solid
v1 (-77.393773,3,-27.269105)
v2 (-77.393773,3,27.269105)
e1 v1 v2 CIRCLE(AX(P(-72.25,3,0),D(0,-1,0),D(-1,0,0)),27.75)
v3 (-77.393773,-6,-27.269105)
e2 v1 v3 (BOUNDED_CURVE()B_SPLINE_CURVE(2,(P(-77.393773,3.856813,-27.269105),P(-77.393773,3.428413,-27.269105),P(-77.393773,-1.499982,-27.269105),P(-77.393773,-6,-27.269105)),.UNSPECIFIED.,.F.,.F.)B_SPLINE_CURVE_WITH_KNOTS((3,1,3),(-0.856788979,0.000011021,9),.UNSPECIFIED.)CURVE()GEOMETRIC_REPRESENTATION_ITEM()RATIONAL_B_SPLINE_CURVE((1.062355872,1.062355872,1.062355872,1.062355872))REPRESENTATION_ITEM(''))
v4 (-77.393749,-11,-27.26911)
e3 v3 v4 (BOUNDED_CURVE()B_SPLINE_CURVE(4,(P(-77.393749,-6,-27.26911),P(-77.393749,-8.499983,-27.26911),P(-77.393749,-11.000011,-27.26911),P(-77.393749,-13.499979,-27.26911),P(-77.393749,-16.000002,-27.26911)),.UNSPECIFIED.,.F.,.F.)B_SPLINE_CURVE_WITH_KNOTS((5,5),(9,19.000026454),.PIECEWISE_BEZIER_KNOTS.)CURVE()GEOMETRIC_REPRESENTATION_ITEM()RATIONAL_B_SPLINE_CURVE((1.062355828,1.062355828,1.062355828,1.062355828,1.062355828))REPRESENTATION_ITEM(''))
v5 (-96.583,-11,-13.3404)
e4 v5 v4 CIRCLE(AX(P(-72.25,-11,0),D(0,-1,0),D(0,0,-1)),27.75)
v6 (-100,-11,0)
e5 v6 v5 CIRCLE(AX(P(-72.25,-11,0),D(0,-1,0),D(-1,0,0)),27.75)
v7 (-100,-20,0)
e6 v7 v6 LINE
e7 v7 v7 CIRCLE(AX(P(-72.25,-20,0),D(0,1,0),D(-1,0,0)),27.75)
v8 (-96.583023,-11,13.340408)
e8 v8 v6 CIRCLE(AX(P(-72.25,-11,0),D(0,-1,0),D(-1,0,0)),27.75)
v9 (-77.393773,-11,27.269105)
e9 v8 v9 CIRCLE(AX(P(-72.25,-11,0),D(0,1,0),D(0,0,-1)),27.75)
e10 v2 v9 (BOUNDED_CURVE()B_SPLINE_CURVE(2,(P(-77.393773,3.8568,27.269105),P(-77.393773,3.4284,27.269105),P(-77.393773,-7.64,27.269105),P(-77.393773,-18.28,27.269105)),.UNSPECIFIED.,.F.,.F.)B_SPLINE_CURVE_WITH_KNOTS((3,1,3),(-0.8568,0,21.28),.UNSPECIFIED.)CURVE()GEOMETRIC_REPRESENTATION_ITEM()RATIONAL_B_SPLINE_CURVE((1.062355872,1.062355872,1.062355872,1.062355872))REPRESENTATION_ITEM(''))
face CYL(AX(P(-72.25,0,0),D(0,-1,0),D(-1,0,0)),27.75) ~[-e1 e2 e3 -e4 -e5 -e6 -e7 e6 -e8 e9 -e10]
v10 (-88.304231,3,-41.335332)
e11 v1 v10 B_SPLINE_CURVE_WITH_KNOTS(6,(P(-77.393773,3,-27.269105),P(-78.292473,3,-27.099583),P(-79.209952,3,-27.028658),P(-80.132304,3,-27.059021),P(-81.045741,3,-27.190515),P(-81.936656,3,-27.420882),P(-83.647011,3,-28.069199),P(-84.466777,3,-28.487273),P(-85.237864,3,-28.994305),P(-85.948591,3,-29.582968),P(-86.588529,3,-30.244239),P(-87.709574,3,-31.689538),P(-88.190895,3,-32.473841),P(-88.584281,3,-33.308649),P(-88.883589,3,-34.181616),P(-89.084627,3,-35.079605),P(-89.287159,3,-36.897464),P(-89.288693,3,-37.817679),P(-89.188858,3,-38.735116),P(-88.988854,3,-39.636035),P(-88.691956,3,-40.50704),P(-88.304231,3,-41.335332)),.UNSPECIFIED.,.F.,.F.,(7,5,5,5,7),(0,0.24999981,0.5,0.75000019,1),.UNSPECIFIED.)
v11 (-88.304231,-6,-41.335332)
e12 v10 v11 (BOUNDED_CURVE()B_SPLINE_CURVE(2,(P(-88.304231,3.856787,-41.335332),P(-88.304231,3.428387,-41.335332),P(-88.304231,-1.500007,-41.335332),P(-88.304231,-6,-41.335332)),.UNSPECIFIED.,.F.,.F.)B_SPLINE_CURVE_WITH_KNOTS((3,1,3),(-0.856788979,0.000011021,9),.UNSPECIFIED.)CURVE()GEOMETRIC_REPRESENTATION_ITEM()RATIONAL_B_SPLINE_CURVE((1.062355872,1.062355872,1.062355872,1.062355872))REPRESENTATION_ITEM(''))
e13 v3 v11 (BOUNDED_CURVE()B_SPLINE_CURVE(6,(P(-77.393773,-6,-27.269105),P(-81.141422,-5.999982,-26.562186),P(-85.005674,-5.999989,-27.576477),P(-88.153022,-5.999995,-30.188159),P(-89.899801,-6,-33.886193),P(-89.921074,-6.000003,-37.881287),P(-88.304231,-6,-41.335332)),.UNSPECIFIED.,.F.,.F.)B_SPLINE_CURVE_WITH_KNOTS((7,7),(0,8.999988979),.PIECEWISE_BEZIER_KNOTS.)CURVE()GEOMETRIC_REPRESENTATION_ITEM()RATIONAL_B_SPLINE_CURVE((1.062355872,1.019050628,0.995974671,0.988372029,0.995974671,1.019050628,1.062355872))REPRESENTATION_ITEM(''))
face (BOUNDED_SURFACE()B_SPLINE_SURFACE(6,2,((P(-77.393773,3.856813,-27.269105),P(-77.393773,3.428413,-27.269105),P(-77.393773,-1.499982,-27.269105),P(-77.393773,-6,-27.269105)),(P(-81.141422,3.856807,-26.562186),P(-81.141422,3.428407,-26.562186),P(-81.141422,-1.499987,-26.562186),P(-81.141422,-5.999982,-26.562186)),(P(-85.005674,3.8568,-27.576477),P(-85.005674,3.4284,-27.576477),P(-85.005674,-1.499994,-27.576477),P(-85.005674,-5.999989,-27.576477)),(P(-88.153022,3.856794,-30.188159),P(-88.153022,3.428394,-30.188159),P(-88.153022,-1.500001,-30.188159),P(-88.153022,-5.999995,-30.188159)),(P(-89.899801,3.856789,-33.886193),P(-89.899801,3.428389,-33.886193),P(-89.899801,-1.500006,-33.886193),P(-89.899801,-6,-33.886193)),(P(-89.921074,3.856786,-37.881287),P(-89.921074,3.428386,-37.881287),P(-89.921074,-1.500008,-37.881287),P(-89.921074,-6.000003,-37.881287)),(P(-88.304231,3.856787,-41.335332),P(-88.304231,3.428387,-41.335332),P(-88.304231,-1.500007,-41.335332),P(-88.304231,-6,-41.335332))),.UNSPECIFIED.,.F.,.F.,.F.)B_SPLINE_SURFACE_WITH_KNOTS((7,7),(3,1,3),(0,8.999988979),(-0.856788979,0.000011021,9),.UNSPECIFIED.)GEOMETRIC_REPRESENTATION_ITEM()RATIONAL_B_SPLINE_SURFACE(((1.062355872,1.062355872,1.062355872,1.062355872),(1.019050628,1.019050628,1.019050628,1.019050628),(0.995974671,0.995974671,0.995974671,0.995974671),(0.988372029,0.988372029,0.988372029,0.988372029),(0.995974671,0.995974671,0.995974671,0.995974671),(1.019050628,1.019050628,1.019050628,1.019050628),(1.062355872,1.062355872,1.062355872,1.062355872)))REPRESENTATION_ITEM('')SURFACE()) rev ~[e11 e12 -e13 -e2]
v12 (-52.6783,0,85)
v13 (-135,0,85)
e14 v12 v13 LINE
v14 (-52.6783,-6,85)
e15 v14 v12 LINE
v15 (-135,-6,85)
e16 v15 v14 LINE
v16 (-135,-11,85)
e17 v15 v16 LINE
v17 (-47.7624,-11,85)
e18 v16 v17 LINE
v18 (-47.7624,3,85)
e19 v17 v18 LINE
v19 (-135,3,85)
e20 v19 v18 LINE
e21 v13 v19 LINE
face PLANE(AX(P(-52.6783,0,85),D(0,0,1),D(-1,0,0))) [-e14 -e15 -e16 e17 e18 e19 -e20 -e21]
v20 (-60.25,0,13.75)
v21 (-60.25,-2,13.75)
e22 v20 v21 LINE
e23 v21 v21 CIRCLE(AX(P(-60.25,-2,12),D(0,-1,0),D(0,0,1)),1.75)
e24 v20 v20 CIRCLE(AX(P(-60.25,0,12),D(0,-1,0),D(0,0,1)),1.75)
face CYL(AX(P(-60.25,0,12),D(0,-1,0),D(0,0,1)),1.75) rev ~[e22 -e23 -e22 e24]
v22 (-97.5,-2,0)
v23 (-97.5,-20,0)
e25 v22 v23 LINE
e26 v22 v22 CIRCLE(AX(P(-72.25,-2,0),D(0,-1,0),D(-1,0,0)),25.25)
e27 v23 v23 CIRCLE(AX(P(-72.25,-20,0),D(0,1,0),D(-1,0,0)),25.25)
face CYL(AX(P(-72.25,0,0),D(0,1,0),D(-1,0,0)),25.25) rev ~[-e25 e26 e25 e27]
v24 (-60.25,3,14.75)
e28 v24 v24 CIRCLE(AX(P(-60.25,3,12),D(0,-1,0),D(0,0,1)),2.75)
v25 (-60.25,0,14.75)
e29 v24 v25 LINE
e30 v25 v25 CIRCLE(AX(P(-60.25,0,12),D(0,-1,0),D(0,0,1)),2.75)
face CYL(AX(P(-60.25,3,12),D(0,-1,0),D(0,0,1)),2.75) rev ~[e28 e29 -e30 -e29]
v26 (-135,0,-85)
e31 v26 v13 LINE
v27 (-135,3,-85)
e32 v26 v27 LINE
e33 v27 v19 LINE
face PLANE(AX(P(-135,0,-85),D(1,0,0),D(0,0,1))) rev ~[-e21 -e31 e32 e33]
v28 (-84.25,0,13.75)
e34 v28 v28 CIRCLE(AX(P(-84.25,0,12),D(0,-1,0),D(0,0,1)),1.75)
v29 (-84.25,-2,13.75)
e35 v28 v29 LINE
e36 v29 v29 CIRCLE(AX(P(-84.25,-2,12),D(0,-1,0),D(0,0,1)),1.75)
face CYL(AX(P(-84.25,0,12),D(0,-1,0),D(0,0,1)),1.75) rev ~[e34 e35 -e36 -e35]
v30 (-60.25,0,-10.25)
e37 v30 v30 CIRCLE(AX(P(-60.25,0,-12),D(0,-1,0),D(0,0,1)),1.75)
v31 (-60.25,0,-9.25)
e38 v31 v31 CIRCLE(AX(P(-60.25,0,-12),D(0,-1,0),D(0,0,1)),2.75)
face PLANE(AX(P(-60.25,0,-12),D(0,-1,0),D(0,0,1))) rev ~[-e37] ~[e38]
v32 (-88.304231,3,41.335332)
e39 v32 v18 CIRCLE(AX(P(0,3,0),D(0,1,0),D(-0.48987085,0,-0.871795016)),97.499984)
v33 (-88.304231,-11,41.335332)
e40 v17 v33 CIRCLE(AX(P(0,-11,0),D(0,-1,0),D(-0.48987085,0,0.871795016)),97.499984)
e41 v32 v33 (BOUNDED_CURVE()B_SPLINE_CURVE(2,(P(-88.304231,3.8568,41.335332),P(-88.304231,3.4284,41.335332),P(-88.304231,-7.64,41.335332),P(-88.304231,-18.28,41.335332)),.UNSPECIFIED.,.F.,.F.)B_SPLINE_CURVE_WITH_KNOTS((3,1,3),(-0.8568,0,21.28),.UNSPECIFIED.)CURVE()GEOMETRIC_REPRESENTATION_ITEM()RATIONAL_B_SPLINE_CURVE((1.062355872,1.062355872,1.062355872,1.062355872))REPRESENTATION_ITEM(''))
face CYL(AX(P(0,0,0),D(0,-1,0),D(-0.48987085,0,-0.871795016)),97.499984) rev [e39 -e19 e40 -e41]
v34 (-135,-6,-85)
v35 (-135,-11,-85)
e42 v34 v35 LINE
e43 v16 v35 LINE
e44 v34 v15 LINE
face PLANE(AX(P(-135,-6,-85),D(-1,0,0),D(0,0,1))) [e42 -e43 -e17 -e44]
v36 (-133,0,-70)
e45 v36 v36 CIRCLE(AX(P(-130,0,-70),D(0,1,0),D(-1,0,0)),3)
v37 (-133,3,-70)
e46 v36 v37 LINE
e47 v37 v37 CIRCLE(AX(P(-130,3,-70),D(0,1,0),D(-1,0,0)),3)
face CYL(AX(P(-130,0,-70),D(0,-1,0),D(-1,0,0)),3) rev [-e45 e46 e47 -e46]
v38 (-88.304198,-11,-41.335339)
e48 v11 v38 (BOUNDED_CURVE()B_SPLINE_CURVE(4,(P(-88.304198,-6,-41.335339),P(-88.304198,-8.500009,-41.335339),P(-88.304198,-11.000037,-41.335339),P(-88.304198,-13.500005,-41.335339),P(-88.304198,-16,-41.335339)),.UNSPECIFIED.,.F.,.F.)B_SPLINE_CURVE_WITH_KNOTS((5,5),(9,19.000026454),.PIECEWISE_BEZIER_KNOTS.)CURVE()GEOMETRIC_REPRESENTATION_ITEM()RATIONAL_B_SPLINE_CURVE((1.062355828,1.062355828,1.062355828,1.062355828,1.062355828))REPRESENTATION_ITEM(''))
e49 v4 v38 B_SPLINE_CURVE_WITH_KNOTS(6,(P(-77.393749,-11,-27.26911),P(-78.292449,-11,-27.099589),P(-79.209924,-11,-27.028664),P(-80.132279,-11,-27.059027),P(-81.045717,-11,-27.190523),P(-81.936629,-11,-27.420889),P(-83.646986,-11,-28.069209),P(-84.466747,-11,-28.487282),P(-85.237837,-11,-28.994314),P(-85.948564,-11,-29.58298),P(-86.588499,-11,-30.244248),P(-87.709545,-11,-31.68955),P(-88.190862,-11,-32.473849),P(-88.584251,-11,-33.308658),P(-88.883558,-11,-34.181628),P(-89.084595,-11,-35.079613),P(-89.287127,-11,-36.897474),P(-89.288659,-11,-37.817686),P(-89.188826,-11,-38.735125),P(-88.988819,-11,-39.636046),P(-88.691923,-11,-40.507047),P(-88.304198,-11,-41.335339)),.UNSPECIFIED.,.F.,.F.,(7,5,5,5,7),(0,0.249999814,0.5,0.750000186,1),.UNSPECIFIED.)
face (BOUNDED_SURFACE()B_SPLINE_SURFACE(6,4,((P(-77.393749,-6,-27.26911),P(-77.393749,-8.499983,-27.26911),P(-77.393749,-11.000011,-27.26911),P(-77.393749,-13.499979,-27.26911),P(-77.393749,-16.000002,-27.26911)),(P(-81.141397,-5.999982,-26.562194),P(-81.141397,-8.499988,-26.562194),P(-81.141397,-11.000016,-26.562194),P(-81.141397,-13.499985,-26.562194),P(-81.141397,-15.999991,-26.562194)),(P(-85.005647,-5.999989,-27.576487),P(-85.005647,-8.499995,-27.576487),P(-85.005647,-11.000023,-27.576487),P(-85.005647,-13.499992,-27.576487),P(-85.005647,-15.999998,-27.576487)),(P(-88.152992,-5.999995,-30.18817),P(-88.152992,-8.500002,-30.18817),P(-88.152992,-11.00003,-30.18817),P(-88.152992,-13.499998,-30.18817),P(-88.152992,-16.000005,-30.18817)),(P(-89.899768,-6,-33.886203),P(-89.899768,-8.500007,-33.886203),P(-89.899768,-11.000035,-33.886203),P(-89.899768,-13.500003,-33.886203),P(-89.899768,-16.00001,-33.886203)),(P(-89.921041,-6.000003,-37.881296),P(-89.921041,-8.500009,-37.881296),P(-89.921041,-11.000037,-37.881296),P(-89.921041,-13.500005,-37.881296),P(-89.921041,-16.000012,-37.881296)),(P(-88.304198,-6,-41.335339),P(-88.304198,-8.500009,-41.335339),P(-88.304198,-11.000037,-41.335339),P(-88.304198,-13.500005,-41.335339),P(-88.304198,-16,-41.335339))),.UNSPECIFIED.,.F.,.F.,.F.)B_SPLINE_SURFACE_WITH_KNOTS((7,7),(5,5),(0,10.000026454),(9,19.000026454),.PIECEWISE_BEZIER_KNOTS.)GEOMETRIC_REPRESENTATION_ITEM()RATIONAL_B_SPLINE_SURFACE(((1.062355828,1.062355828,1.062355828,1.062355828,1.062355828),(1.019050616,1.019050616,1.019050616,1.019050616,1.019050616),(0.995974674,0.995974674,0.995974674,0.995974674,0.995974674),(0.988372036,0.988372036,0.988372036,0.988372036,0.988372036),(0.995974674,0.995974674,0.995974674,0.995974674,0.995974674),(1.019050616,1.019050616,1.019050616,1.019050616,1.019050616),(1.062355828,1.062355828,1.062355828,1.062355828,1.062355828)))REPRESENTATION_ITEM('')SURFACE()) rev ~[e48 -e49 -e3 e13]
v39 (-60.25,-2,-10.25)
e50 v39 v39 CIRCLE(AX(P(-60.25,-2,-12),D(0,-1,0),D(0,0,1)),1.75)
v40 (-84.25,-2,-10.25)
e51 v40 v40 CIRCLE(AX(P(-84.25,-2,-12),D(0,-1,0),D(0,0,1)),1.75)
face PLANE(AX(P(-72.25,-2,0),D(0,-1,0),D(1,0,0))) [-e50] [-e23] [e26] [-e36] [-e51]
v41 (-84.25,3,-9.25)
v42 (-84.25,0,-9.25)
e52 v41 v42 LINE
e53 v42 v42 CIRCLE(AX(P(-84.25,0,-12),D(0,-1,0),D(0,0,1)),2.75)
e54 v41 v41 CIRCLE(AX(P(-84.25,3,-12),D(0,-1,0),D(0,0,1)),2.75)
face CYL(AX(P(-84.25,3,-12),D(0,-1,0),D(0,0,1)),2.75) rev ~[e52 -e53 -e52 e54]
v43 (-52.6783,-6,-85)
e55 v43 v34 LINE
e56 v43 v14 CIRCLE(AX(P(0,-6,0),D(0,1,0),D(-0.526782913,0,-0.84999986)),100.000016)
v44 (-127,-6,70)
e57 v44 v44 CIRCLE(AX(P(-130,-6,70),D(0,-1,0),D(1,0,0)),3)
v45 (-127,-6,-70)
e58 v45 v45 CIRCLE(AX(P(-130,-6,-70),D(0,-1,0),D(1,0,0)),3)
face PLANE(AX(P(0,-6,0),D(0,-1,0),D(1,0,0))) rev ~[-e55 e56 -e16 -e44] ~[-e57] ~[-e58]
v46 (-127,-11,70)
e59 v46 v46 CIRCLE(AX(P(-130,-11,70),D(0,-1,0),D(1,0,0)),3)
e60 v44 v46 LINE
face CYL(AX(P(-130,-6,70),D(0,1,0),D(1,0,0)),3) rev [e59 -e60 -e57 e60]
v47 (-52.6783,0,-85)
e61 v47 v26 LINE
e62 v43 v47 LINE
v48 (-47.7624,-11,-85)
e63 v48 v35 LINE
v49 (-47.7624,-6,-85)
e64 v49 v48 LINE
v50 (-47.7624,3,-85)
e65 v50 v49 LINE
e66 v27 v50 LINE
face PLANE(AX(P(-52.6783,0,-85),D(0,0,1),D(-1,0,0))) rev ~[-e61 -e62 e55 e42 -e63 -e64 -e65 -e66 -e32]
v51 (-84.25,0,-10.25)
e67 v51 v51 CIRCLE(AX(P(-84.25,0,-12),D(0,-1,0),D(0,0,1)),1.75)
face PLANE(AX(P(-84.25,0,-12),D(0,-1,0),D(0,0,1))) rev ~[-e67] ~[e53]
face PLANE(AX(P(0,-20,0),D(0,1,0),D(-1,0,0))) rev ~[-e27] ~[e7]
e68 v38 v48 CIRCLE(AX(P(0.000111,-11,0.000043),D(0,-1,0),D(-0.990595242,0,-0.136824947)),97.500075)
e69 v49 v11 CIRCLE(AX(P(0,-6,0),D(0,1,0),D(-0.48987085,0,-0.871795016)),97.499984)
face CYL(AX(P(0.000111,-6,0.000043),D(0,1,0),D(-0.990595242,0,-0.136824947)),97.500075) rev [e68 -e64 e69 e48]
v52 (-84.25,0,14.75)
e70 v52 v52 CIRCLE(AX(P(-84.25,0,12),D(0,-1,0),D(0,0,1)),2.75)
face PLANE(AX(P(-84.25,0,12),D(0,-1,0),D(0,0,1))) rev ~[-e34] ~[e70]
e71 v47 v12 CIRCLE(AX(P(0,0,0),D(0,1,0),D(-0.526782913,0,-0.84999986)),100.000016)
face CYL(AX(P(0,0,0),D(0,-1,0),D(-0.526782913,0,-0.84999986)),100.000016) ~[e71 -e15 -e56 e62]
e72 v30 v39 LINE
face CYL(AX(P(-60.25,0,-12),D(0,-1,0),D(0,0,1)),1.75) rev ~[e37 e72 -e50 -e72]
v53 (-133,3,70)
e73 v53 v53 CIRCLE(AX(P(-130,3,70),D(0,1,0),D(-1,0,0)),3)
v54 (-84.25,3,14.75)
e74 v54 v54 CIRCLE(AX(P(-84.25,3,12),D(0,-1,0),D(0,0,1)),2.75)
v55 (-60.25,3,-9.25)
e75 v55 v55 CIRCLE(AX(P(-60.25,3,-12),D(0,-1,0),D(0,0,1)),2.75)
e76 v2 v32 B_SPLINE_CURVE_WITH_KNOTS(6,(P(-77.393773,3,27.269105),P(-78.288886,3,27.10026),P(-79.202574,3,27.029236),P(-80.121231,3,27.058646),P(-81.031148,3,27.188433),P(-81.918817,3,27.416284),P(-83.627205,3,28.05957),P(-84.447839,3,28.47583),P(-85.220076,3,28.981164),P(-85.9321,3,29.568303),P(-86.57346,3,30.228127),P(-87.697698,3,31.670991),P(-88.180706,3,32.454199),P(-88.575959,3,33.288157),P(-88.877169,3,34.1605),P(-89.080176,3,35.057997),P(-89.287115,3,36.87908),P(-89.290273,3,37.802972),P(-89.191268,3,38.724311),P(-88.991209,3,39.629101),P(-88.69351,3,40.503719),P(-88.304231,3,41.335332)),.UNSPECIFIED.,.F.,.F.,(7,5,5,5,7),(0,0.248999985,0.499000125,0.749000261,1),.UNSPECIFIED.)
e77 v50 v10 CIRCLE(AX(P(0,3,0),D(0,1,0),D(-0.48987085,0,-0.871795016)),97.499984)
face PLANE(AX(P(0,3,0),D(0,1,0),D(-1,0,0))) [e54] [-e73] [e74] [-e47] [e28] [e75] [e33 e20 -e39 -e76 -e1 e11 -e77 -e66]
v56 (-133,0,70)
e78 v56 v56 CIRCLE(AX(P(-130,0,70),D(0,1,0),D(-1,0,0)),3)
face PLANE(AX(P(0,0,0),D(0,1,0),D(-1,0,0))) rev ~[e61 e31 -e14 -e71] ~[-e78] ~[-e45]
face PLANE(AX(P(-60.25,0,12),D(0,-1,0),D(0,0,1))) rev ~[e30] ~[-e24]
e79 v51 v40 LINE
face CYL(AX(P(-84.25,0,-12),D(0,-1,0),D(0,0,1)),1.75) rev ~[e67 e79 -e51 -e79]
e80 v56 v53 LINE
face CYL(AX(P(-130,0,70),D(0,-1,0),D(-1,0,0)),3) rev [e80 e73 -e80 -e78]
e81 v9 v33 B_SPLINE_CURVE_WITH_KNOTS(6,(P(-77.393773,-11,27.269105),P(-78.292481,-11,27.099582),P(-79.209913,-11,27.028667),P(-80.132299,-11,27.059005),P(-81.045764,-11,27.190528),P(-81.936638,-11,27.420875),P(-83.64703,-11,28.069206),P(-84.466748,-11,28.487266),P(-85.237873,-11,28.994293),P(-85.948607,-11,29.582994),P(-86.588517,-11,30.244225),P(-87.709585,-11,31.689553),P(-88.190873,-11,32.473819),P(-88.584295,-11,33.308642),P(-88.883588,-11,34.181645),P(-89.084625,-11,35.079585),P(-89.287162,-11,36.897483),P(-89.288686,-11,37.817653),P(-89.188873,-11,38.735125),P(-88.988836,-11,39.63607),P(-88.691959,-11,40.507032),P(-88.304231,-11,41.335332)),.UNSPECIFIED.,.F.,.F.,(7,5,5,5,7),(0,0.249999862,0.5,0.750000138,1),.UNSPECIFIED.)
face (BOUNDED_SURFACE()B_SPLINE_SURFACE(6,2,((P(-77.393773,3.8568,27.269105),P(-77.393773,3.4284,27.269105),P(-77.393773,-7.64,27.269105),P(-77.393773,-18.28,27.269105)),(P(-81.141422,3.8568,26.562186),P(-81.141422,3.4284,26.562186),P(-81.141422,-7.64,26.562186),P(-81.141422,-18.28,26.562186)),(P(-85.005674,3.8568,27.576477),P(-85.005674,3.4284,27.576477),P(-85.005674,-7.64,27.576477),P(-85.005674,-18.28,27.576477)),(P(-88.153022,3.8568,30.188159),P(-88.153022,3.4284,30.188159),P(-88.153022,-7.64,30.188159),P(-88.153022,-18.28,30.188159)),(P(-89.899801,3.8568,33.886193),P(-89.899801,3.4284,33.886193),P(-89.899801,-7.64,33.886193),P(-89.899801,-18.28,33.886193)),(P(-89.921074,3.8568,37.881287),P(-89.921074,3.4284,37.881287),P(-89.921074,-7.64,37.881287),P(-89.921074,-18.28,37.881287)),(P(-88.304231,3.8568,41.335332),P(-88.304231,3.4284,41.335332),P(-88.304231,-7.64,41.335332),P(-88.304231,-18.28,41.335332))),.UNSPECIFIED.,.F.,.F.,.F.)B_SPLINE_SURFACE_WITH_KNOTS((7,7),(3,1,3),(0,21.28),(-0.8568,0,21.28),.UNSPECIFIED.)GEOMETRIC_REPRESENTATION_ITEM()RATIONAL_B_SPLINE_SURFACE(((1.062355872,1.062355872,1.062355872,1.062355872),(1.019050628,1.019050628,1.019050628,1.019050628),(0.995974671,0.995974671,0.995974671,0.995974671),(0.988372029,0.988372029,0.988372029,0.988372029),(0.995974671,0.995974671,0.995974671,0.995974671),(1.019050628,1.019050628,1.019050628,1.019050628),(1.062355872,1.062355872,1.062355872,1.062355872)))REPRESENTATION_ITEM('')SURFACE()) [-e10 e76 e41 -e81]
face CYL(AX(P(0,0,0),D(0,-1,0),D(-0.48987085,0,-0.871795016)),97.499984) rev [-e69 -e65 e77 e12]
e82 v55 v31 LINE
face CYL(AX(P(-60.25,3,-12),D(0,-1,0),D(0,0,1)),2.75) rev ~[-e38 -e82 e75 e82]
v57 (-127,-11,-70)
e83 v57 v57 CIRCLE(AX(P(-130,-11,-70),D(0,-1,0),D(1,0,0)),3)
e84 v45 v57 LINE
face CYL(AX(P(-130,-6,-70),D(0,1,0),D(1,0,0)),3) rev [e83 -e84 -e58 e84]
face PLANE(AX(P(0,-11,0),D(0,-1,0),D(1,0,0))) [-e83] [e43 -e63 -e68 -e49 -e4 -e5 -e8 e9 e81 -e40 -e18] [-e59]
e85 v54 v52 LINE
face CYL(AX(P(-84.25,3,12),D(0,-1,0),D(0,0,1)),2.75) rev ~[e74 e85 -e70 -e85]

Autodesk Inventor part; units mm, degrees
ref_plane "YZ Plane" through (0, 0, 0) normal (1, 0, 0) x (0, 1, 0)
ref_plane "XZ Plane" through (0, 0, 0) normal (0, 1, 0) x (-1, 0, 0)
ref_plane "XY Plane" through (0, 0, 0) normal (0, 0, 1) x (1, 0, 0)
sketch "Sketch1" plane through (0, 0, 0) normal (0, 1, 0) x (-1, 0, 0)
  arc A0 (52.6783, -85) -> (52.6783, 85) centre (0, 0) ccw
  circle A1 centre (130, 70) radius 3
  circle A2 centre (130, -70) radius 3
  line L0 (52.6783, 85) -> (135, 85)
  line L1 (52.6783, -85) -> (135, -85)
  line L2 (135, -85) -> (135, 85)
  circle A3 centre (72.25, 0) radius 25.25
  circle A4 centre (72.25, 0) radius 27.75
  arc A5 (47.7624, -85) -> (47.7624, 85) centre (0, 0) ccw
  line L3 (52.6783, 85) -> (47.7624, 85)
  line L4 (52.6783, -85) -> (47.7624, -85)
  point P0 (100, 0)
  point P1 (96.583, -13.3404)
  point P2 (96.583, 13.3404)
  dimension "d9" = 6
  dimension "d10" = 6
  dimension "d29" = 50.5
  dimension "d30" = 55.5
extrude "Extrusion1" add sketch "Sketch1" along normal blind 3 contours A0 L0 L2 L1 | A3
extrude "Extrusion3" add sketch "Sketch1" along normal blind 3 and the other way blind 20 contours A4 A5 | A5 A4
extrude "Extrusion4" add sketch "Sketch1" along normal blind 3 and the other way blind 6 contours L4 A5 A4 A0 | A4 A5 L3 A0
sketch "Sketch3" plane through (0, -6, 0) normal (0, -1, 0) x (1, 0, 0)
  arc A0 (-96.583, -13.3404) -> (-47.7624, -85) centre (0, 0) ccw projected
  line L0 (0, 0) -> (-135, 0)
  line L1 (-135, -85) -> (-135, 85) projected
  line L2 (-135, 0) -> (-135, 85)
  line L3 (-135, 85) -> (-47.7624, 85) projected
  line L4 (-135, 85) -> (-47.7624, 85)
  line L5 (-47.7624, -85) -> (-135, -85) projected
  line L6 (-135, 0) -> (-135, -85)
  line L7 (-135, -85) -> (-47.7624, -85)
  arc A1 (-47.7624, 85) -> (-47.7624, -85) centre (0, 0) ccw
  circle A2 centre (-130, -70) radius 3 projected
  circle A3 centre (-130, -70) radius 3
  circle A4 centre (-130, 70) radius 3 projected
  circle A5 centre (-130, 70) radius 3
  point P0 (-96.583, -13.3404)
  dimension "d40" = 135
extrude "Extrusion5" add sketch "Sketch3" along normal blind 5
sketch "Sketch6" plane through (-72.25, 0, 0) normal (0, -1, 0) x (1, 0, 0)
  circle A0 centre (0, 0) radius 25.25
  point P0 (72.25, 0)
extrude "Extrusion6" add sketch "Sketch6" along normal blind 2
sketch "Sketch7" plane through (0, 3, 0) normal (0, 1, 0) x (1, 0, 0)
  arc A0 (-96.583, -13.3404) -> (-96.583, 13.3404) centre (-72.25, 0) ccw projected
  line L0 (-72.25, 0) -> (-72.25, -12)
  line L1 (-72.25, -12) -> (-60.25, -12)
  line L2 (-60.25, -12) -> (-60.25, 12)
  line L3 (-60.25, 12) -> (-84.25, 12)
  line L4 (-84.25, 12) -> (-84.25, -12)
  point P0 (0, 0)
  dimension "d57" = 12
  dimension "d58" = 12
  dimension "d59" = 24
  dimension "d60" = 24
  dimension "d61" = 24
hole "Hole2" at (-60.25, 3, 12) at (-60.25, 3, -12) at (-84.25, 3, -12) at (-84.25, 3, 12) direction (0, -1, 0) diameter 3.5 end through all counterbore diameter 5.5 counterbore depth 3
fillet "Fillet1" radius 10 2 edges at (-96.583, -4, -13.3404) (-96.583, -4, 13.3404)
properties part number "ECHO SOUNDER HOLDER FINAL DESIGN (revised)"
